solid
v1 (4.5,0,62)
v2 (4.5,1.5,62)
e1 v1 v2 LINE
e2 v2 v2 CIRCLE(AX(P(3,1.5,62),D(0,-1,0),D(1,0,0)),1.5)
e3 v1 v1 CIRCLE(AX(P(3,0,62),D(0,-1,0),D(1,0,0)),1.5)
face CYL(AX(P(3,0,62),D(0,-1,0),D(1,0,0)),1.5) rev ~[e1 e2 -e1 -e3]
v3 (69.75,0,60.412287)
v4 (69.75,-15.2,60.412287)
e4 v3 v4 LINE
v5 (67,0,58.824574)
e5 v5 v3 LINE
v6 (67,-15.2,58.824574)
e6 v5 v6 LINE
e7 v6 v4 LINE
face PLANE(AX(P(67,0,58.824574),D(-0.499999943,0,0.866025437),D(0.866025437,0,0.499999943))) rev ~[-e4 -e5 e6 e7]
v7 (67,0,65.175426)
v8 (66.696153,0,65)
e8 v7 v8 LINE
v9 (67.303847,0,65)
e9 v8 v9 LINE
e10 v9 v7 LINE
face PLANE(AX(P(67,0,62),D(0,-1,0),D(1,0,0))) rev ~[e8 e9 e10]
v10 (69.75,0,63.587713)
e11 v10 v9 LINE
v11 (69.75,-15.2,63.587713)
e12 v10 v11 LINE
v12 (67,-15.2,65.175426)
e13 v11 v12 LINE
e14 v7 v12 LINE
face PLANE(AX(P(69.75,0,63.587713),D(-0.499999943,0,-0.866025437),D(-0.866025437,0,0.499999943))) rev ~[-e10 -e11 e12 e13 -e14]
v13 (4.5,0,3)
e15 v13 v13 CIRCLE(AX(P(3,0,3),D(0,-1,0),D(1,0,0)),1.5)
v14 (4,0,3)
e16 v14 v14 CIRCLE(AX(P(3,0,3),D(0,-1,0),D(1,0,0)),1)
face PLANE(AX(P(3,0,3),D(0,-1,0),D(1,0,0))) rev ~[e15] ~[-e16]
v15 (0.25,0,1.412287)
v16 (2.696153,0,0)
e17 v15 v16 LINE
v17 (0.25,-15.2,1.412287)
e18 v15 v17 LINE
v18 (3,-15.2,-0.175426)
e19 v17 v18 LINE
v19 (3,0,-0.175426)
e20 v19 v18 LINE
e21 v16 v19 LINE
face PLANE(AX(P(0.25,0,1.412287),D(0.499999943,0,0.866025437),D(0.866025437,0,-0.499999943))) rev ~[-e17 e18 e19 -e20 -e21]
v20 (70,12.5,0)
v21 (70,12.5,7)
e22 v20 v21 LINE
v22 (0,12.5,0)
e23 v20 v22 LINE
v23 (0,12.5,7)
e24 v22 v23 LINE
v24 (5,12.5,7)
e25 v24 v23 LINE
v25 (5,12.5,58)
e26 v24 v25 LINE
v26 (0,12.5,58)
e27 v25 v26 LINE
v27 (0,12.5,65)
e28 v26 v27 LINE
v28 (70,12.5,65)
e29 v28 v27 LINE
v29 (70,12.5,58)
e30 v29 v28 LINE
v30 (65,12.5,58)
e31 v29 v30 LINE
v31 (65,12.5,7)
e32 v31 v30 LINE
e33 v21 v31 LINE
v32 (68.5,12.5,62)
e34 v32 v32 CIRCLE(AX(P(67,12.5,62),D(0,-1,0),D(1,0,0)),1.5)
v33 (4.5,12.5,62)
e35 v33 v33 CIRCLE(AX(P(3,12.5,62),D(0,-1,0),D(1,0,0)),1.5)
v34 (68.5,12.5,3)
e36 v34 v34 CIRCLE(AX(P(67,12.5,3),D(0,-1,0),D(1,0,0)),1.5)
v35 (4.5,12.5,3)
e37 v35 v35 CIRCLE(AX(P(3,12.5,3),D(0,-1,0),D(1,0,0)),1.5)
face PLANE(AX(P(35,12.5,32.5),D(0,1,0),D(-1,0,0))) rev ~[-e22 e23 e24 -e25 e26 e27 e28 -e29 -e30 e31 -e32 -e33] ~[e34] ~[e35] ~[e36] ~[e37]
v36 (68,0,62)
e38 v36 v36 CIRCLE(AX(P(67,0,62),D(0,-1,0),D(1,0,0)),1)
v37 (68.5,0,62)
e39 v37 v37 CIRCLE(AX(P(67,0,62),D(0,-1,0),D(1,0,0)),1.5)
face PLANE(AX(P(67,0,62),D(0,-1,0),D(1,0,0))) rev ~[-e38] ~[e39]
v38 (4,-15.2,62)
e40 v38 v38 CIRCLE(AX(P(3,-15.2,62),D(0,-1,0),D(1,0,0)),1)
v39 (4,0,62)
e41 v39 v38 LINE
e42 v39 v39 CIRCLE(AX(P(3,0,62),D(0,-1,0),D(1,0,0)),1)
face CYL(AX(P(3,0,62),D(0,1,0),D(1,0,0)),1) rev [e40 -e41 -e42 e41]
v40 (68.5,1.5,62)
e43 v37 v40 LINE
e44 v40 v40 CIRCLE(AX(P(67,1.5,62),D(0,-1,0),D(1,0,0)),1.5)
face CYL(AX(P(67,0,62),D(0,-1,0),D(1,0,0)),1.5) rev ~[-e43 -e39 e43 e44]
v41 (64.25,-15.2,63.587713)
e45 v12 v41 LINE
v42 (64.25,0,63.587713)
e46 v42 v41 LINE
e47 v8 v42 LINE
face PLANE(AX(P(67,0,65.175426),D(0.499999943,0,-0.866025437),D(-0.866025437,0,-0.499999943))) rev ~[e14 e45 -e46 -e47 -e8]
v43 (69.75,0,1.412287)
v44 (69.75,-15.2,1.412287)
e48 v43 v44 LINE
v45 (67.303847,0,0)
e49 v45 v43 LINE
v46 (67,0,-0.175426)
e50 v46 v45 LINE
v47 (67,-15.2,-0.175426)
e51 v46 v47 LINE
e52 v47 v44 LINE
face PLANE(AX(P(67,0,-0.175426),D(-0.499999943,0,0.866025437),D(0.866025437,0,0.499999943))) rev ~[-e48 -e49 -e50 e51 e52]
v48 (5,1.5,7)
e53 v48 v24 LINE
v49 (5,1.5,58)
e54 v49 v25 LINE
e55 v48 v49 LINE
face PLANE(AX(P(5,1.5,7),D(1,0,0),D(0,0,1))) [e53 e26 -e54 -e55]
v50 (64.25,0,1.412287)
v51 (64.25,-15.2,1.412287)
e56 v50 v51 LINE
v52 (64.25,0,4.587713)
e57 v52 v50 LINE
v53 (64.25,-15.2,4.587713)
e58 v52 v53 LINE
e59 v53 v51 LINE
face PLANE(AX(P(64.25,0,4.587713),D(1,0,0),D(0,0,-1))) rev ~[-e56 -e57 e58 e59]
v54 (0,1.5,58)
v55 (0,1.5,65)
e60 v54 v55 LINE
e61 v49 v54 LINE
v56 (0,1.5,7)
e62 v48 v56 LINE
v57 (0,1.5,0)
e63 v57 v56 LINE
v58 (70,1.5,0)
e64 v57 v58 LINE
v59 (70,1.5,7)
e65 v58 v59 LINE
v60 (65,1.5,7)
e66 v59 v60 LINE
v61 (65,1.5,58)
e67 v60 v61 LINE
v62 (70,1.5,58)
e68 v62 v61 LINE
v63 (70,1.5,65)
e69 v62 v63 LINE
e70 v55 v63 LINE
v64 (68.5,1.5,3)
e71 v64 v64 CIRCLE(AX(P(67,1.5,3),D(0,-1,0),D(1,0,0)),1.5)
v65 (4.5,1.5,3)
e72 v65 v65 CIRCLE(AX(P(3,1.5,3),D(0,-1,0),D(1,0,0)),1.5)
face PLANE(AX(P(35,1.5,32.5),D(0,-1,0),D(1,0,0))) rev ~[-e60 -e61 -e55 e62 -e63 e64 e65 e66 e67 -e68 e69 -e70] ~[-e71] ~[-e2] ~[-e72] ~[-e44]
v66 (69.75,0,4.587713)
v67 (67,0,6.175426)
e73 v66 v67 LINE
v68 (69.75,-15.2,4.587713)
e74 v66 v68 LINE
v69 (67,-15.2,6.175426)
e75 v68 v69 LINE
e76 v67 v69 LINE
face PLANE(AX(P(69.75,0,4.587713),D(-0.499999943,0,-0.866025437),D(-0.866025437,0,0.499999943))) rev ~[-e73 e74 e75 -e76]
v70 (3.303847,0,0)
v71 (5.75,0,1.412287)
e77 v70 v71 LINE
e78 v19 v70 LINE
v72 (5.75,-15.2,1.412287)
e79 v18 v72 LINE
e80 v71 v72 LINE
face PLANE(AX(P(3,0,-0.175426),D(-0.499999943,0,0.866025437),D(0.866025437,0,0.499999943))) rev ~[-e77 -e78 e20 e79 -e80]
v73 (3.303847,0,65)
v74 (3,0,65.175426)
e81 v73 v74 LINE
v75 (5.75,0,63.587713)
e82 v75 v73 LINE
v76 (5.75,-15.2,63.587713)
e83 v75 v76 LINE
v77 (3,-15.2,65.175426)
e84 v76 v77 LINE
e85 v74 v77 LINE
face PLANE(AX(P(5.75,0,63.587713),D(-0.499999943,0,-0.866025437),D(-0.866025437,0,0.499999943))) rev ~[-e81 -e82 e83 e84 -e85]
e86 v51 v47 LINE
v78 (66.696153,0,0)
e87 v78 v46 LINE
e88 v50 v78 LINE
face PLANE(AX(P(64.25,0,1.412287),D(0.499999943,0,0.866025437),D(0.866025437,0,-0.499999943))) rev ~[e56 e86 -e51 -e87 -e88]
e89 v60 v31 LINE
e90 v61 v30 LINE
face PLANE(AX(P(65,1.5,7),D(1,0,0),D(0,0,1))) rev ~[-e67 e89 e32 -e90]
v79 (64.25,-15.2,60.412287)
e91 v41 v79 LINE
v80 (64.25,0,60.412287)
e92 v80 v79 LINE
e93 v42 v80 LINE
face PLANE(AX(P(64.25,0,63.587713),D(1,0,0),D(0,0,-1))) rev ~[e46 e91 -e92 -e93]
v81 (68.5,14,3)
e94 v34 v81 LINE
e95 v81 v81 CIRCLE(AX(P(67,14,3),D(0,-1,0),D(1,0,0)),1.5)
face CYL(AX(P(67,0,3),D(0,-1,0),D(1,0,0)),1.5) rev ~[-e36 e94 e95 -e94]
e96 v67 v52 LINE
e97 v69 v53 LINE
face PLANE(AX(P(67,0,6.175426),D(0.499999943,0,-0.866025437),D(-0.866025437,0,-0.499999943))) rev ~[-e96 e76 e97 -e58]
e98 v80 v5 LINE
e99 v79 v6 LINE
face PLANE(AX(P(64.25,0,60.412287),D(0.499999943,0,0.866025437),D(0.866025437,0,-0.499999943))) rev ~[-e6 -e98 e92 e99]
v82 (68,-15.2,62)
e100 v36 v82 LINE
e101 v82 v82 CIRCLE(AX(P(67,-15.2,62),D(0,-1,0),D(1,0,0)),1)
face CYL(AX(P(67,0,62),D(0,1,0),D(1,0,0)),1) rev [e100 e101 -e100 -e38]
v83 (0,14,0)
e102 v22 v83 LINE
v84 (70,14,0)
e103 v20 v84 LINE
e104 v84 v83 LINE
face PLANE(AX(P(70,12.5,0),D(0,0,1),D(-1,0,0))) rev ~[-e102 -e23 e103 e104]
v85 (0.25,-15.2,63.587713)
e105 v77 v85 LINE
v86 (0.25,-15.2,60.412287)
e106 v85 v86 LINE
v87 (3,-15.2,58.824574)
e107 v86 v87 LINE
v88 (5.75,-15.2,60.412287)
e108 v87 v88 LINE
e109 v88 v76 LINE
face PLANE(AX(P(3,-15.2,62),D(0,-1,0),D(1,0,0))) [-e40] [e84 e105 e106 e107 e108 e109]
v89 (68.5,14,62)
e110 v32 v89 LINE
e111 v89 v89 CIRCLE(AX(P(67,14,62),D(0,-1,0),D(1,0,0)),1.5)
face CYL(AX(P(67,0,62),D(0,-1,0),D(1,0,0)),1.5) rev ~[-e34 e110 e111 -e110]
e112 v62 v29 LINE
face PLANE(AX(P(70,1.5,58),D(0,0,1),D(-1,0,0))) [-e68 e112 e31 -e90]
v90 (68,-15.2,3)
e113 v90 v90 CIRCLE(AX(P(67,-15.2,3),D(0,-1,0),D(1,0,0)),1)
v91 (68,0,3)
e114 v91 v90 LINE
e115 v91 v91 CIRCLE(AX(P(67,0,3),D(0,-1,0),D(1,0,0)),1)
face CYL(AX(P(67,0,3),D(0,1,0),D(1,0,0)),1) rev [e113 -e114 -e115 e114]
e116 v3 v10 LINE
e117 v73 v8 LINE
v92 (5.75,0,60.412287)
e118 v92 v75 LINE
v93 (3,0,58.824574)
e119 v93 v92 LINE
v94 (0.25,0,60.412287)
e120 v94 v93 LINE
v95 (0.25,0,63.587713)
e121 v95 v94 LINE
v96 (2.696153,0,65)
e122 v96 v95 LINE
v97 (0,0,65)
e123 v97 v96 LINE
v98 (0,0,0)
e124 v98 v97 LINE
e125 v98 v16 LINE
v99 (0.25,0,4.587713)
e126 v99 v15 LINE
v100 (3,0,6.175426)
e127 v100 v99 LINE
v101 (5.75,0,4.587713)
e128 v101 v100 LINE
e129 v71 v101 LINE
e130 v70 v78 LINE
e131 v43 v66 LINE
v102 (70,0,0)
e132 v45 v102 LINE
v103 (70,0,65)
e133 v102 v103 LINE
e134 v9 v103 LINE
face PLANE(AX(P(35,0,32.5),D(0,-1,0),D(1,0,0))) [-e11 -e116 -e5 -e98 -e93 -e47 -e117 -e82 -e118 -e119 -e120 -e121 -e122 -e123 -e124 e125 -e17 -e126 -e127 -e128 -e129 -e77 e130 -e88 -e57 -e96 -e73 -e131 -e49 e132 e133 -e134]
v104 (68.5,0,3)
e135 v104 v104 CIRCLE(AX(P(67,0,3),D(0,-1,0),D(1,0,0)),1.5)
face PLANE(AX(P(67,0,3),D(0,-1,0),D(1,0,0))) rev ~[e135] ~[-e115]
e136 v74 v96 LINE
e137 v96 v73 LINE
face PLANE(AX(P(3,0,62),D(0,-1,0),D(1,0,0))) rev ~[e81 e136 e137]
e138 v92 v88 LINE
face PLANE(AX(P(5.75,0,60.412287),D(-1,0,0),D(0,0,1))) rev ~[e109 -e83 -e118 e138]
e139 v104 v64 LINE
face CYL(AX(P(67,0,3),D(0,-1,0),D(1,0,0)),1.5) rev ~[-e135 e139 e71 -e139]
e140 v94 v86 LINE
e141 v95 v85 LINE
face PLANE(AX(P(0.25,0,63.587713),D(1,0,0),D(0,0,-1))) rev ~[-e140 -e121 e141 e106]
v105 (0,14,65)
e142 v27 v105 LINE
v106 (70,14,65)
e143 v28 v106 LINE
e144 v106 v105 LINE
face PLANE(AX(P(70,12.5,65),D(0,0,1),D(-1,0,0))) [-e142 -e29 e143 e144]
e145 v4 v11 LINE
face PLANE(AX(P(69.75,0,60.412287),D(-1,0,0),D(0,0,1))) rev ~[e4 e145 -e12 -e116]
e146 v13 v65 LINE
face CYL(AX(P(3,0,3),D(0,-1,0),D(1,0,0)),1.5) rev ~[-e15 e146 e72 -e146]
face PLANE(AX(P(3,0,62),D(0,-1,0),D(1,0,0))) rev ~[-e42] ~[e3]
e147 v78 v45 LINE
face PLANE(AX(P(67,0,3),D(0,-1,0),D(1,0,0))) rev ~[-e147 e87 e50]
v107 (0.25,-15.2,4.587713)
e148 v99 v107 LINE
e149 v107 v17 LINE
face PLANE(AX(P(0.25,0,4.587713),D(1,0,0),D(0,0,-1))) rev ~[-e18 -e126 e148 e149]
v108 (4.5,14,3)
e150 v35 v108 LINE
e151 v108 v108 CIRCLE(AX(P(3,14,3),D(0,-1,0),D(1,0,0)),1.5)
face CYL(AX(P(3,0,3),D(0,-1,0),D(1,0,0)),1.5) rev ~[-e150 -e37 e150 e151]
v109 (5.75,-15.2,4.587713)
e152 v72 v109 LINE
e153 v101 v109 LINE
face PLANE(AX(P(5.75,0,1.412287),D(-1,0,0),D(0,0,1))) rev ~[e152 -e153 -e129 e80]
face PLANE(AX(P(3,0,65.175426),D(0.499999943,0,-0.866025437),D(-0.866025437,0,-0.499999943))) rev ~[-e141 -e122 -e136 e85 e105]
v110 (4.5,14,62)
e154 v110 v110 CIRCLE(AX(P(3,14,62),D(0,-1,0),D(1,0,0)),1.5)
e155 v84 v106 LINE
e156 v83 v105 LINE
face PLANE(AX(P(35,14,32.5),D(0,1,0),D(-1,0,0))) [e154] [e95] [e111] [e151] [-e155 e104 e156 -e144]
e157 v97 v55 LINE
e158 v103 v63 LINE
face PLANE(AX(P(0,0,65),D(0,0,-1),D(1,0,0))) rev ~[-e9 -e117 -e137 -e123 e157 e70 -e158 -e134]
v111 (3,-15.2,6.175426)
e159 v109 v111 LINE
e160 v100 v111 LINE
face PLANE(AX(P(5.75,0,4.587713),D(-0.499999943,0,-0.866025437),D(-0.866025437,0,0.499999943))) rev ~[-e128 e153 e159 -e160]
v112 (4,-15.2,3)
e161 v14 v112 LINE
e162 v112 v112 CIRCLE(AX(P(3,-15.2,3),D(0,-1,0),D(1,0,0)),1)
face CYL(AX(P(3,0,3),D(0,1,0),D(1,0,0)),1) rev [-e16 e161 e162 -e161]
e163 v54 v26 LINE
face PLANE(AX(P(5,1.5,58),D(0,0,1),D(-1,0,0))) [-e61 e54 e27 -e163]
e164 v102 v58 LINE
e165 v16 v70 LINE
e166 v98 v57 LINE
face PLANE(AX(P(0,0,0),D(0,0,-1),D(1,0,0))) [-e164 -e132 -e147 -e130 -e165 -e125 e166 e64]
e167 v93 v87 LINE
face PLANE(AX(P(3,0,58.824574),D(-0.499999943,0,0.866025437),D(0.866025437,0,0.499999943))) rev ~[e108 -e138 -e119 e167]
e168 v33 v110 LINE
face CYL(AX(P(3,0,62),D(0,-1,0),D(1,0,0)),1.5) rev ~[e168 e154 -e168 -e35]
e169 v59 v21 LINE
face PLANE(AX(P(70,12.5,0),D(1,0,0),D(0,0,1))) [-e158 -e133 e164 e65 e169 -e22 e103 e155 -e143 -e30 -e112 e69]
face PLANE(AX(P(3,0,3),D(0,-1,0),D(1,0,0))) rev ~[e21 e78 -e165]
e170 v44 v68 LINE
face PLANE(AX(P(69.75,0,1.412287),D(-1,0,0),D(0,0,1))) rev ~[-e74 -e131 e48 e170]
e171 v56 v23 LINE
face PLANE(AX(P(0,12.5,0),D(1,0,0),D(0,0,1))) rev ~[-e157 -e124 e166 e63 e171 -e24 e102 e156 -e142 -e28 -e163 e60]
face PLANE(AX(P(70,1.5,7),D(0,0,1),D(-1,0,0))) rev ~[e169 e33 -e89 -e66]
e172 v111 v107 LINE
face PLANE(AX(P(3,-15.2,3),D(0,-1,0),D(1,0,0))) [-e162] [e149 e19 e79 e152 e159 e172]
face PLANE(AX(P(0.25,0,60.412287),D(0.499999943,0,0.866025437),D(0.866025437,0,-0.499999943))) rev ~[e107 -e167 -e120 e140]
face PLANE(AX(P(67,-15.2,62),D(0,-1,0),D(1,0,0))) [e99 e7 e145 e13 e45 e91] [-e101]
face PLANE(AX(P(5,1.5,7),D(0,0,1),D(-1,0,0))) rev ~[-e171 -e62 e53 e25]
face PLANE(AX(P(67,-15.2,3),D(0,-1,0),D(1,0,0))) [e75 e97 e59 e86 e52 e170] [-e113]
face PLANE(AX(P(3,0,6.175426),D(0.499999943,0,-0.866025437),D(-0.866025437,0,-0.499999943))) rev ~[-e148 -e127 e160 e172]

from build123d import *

# Parameters (mm, degrees)
F0_W     = 70
F0_H     = 65
F1_DEPTH = 1.5
F2_W     = 5
F2_H     = 51
F3_DEPTH = 11
F4_W     = 70
F4_H     = 65
F5_DEPTH = 1.5
F6_R     = 1.5
F7_DEPTH = 25
F8_R     = 1
F9_DEPTH = 15.2


with BuildPart() as f1:
    # F0 (on Front) → F1 (new body)
    with BuildSketch(Plane.XZ):
        with Locations((35, 32.5)):
            Rectangle(F0_W, F0_H)
    extrude(amount=-F1_DEPTH)

    # F2 (on face) → F3 (join)
    with BuildSketch(Plane(origin=(0, 1.5, 0), x_dir=(-1, 0, 0), z_dir=(0, 1, 0))):
        with Locations((-67.5, 32.5)):
            Rectangle(F2_W, F2_H)
        with Locations((-2.5, 32.5)):
            Rectangle(F2_W, F2_H)
    extrude(amount=F3_DEPTH)

    # F4 (on face) → F5 (join)
    with BuildSketch(Plane(origin=(0, 12.5, 0), x_dir=(-1, 0, 0), z_dir=(0, 1, 0))):
        with Locations((-35, 32.5)):
            Rectangle(F4_W, F4_H)
    extrude(amount=F5_DEPTH)

    # F6 (on Front) → F7 (cut)
    with BuildSketch(Plane.XZ):
        with Locations((3, 62)):
            Circle(F6_R)
        with Locations((67, 62)):
            Circle(F6_R)
        with Locations((3, 3)):
            Circle(F6_R)
        with Locations((67, 3)):
            Circle(F6_R)
    extrude(amount=-F7_DEPTH, mode=Mode.SUBTRACT)

    # F8 (on face) → F9 (join)
    with BuildSketch(Plane.XZ):
        Polygon((5.75, 60.412287), (5.75, 63.587713), (3, 65.175426), (0.25, 63.587713), (0.25, 60.412287), (3, 58.824574), align=None)
        with Locations((3, 62)):
            Circle(F8_R, mode=Mode.SUBTRACT)
        Polygon((5.75, 1.412287), (5.75, 4.587713), (3, 6.175426), (0.25, 4.587713), (0.25, 1.412287), (3, -0.175426), align=None)
        with Locations((3, 3)):
            Circle(F8_R, mode=Mode.SUBTRACT)
        Polygon((67, 58.824574), (69.75, 60.412287), (69.75, 63.587713), (67, 65.175426), (64.25, 63.587713), (64.25, 60.412287), align=None)
        with Locations((67, 62)):
            Circle(F8_R, mode=Mode.SUBTRACT)
        Polygon((67, -0.175426), (69.75, 1.412287), (69.75, 4.587713), (67, 6.175426), (64.25, 4.587713), (64.25, 1.412287), align=None)
        with Locations((67, 3)):
            Circle(F8_R, mode=Mode.SUBTRACT)
    extrude(amount=F9_DEPTH)


solid = f1.part
